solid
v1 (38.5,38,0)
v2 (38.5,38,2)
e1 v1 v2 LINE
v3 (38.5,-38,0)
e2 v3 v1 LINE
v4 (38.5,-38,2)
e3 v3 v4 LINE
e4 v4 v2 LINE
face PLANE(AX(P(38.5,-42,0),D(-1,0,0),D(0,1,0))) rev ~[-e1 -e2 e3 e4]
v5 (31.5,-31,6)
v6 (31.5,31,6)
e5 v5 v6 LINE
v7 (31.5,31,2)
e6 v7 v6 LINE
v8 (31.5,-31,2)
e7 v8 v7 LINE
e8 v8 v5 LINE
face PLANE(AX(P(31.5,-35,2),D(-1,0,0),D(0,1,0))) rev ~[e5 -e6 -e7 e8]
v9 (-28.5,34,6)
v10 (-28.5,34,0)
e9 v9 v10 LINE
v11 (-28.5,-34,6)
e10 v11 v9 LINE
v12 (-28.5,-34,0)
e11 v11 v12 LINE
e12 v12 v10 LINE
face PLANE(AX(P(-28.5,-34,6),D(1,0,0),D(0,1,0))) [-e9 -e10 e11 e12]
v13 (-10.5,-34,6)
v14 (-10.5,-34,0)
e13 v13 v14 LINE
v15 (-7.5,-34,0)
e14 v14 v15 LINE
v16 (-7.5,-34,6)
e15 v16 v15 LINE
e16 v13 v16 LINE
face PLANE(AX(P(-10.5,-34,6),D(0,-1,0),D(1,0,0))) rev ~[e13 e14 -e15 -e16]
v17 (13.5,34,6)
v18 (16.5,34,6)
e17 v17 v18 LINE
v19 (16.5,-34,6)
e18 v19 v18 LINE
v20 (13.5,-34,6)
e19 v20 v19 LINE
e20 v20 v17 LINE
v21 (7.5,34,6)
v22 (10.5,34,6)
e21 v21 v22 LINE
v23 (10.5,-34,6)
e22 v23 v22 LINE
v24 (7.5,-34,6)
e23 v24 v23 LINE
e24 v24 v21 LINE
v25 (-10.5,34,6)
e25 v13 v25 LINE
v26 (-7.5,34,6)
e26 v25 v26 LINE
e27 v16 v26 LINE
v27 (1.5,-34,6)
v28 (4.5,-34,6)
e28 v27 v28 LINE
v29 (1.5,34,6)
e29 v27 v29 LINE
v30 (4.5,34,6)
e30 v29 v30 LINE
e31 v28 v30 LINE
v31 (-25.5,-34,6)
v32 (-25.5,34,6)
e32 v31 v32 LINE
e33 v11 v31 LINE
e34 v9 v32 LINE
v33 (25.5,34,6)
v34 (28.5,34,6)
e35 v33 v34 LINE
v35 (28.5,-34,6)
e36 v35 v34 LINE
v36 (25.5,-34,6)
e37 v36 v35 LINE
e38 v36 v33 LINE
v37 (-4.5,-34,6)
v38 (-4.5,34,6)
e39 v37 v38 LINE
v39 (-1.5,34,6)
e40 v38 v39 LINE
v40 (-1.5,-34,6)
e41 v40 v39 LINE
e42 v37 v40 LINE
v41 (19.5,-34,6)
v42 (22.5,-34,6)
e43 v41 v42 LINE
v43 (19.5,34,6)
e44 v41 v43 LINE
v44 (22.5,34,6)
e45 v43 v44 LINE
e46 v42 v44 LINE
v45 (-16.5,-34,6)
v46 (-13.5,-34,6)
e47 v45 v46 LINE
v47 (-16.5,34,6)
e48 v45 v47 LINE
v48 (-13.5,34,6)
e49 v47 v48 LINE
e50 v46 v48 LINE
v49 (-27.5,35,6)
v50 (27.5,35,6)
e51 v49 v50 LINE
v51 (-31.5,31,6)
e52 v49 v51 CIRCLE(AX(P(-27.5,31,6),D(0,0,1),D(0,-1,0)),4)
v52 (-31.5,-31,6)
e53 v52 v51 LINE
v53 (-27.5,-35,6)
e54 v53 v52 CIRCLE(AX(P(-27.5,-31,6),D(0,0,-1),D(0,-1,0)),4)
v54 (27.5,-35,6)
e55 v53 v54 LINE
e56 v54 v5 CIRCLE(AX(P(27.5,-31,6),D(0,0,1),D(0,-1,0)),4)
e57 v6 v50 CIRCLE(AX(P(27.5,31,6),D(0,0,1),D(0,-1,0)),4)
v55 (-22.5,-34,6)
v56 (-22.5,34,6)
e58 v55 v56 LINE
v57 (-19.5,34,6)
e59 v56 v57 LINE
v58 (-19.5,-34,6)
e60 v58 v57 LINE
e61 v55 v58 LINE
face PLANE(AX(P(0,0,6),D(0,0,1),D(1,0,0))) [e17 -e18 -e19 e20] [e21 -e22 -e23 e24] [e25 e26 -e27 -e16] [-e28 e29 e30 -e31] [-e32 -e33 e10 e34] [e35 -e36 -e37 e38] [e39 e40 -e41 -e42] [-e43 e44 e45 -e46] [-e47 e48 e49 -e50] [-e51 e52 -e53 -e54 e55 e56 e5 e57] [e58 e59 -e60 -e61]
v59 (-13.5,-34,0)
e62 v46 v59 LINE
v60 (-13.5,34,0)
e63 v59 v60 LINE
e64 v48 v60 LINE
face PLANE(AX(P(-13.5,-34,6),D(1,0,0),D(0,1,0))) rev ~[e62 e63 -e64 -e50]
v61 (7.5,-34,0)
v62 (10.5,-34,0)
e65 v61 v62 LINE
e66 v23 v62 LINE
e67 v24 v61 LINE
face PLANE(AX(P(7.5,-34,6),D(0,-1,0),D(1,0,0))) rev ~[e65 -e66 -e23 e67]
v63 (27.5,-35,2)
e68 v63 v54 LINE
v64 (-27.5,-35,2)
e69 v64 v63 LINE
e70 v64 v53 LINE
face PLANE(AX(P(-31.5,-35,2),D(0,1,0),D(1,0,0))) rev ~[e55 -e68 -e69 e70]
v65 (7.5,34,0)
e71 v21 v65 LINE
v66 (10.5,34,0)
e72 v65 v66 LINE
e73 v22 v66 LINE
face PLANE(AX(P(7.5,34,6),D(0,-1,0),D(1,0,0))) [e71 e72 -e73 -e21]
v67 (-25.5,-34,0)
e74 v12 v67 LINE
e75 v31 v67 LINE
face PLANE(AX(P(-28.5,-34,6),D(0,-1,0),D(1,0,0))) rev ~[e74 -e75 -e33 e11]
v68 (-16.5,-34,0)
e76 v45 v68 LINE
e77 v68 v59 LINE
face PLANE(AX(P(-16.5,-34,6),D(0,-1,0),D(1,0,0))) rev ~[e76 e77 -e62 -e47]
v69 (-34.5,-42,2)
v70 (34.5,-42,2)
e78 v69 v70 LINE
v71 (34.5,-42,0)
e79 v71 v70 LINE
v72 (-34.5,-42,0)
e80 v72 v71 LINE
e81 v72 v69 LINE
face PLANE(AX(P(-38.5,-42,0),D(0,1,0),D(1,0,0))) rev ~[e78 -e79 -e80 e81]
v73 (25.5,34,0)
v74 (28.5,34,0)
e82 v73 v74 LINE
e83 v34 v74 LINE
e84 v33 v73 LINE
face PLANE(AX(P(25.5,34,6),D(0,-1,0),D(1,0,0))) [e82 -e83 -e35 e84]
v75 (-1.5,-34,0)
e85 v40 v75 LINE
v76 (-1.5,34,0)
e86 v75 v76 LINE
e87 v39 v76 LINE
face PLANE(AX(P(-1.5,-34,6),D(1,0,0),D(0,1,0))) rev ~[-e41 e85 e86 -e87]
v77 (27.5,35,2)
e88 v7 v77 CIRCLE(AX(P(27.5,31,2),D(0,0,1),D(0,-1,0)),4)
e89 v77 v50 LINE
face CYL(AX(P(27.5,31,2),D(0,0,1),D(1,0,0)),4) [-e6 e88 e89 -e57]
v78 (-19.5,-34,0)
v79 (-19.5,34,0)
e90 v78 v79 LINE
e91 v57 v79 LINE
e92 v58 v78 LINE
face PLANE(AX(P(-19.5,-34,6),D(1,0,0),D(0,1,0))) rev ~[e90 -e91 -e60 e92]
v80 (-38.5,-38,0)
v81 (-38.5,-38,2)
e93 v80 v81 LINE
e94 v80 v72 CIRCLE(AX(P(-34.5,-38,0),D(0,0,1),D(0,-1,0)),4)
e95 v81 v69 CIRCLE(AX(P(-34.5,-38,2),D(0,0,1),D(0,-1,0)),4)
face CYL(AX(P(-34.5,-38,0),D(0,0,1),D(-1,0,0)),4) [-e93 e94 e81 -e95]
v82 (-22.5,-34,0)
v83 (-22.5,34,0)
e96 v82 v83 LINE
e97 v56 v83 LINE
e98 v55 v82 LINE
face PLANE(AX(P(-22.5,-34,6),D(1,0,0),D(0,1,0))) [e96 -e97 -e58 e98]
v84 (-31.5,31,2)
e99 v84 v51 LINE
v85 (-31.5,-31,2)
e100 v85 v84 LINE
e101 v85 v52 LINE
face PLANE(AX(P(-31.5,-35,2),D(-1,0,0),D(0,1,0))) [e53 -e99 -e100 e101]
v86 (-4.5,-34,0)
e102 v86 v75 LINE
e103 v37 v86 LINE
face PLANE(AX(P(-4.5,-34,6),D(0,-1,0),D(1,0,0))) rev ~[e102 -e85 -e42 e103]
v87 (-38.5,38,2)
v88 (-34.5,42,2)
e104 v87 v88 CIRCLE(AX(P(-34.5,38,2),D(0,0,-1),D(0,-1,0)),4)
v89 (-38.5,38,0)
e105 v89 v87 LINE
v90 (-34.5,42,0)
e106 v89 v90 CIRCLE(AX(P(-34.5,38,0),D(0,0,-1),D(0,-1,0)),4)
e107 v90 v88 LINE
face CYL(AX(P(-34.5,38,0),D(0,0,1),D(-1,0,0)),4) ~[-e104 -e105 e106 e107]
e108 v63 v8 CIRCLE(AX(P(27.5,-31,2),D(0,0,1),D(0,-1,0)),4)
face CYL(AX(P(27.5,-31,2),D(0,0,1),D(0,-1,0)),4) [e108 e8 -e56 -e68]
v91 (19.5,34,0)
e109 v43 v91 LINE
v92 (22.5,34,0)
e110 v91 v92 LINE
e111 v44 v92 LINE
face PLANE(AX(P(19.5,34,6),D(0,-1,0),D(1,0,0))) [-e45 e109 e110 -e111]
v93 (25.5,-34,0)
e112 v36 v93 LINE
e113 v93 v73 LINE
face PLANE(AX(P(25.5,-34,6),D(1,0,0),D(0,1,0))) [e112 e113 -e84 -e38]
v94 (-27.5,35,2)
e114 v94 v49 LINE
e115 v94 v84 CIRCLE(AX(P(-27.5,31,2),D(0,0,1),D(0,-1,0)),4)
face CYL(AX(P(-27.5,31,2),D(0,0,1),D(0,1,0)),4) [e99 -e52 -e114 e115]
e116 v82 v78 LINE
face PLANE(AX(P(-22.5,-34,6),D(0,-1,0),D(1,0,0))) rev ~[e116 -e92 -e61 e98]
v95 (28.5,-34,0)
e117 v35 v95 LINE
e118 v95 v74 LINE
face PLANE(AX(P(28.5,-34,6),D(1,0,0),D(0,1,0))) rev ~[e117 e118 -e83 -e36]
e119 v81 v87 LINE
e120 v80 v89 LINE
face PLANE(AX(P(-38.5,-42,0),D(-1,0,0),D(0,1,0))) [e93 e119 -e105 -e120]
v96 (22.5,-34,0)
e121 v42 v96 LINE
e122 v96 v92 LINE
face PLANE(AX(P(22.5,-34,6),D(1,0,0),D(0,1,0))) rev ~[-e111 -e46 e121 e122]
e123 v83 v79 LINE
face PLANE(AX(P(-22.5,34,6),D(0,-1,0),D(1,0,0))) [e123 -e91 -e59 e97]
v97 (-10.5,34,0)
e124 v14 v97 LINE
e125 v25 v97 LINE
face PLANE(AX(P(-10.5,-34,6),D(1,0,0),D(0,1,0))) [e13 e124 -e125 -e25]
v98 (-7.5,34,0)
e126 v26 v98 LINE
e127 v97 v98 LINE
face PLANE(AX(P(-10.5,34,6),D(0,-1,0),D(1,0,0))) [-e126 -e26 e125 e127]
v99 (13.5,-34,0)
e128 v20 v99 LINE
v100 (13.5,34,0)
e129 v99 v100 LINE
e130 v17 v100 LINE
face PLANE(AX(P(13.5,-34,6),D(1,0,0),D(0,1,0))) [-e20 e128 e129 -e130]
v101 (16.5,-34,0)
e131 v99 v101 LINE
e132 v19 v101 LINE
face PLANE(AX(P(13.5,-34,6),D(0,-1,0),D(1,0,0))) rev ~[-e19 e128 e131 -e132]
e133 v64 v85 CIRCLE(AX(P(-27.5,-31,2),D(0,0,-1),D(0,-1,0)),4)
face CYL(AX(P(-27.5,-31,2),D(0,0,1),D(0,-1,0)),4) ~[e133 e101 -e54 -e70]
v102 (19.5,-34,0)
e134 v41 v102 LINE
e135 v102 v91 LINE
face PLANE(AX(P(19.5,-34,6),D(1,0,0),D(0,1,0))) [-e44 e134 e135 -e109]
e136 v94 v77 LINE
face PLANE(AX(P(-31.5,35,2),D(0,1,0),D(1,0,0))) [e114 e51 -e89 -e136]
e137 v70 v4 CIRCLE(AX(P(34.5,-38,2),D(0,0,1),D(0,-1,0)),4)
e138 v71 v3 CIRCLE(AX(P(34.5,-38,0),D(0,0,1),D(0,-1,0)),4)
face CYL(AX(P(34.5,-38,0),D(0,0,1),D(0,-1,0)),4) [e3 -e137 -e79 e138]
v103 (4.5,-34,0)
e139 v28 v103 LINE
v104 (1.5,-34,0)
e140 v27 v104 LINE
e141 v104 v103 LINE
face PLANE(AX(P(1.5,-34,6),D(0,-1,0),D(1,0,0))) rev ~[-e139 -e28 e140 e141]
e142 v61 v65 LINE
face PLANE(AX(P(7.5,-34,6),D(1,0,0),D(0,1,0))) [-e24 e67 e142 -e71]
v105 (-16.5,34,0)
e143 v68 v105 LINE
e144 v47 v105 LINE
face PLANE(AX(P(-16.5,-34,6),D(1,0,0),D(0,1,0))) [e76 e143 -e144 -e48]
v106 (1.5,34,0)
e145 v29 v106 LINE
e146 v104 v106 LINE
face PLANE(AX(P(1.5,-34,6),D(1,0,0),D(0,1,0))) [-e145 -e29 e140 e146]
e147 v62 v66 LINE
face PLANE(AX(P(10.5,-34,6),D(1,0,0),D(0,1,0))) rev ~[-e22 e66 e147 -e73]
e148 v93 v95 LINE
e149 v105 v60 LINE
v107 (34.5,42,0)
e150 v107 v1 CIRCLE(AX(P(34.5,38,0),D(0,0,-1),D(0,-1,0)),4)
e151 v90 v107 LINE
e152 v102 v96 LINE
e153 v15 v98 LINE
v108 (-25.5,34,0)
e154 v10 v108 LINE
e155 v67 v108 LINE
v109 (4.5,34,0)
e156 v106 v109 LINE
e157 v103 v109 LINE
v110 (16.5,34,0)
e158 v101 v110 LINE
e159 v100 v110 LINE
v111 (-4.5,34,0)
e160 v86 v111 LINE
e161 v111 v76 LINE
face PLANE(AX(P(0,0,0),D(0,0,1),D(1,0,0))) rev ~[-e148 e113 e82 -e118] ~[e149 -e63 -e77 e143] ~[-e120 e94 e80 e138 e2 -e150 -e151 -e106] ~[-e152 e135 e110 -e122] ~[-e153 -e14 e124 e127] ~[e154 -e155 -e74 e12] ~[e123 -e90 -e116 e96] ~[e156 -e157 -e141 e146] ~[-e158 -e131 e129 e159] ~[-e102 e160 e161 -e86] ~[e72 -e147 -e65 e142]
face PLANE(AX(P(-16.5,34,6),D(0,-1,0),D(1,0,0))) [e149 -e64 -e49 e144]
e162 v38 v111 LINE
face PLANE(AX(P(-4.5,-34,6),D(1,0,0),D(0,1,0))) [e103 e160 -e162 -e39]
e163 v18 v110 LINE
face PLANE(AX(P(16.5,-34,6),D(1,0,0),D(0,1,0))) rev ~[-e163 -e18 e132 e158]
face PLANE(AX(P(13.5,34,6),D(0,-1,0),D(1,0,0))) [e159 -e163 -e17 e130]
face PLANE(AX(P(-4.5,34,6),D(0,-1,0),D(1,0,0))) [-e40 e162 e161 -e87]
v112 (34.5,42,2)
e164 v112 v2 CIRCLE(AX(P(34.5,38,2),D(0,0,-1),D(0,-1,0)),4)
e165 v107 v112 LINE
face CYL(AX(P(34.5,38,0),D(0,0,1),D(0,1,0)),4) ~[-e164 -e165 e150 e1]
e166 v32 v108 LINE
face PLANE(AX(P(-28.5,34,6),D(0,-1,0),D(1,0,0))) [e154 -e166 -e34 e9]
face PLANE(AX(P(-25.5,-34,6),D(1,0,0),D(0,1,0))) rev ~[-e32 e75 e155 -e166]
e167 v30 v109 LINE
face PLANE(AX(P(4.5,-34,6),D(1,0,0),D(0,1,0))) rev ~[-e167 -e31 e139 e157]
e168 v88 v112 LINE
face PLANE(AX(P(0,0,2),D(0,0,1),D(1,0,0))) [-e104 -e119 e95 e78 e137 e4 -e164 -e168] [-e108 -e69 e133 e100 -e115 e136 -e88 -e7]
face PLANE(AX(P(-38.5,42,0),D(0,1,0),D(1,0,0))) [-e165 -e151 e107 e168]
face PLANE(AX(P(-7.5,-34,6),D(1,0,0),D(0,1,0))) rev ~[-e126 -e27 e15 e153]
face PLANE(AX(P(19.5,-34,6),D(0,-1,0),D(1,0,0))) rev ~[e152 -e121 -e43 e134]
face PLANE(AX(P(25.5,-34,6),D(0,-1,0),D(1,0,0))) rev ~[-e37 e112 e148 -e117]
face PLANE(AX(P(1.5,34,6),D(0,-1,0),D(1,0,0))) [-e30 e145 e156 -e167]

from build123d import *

# Parameters (mm, degrees)
F0_W     = 77
F0_H     = 84
F1_DEPTH = 2
F2_W     = 63
F2_H     = 70
F3_DEPTH = 4
F4_W     = 3
F4_H     = 68
F5_DEPTH = 6.001
F6_R     = 4


with BuildPart() as f1:
    # F0 (on Top) → F1 (new body)
    with BuildSketch(Plane.XY):
        Rectangle(F0_W, F0_H)
    extrude(amount=F1_DEPTH)

    # F2 (on face) → F3 (join)
    with BuildSketch(Plane.XY.offset(2)):
        Rectangle(F2_W, F2_H)
    extrude(amount=F3_DEPTH)

    # F4 (on face) → F5 (cut, through all)
    with BuildSketch(Plane.XY.offset(6)):
        with Locations((3, 0)):
            Rectangle(F4_W, F4_H)
        with Locations((9, 0)):
            Rectangle(F4_W, F4_H)
        with Locations((15, 0)):
            Rectangle(F4_W, F4_H)
        with Locations((21, 0)):
            Rectangle(F4_W, F4_H)
        with Locations((27, 0)):
            Rectangle(F4_W, F4_H)
        with Locations((-3, 0)):
            Rectangle(F4_W, F4_H)
        with Locations((-9, 0)):
            Rectangle(F4_W, F4_H)
        with Locations((-15, 0)):
            Rectangle(F4_W, F4_H)
        with Locations((-21, 0)):
            Rectangle(F4_W, F4_H)
        with Locations((-27, 0)):
            Rectangle(F4_W, F4_H)
    extrude(amount=-F5_DEPTH, mode=Mode.SUBTRACT)

    # F6
    f6_edges = [f1.edges().sort_by_distance(p)[0] for p in [
        (-38.5, -42, 1),
        (-31.5, -35, 4),
        (31.5, -35, 4),
        (38.5, -42, 1),
        (-31.5, 35, 4),
        (-38.5, 42, 1),
        (31.5, 35, 4),
        (38.5, 42, 1),
    ]]
    fillet(f6_edges, radius=F6_R)


solid = f1.part
